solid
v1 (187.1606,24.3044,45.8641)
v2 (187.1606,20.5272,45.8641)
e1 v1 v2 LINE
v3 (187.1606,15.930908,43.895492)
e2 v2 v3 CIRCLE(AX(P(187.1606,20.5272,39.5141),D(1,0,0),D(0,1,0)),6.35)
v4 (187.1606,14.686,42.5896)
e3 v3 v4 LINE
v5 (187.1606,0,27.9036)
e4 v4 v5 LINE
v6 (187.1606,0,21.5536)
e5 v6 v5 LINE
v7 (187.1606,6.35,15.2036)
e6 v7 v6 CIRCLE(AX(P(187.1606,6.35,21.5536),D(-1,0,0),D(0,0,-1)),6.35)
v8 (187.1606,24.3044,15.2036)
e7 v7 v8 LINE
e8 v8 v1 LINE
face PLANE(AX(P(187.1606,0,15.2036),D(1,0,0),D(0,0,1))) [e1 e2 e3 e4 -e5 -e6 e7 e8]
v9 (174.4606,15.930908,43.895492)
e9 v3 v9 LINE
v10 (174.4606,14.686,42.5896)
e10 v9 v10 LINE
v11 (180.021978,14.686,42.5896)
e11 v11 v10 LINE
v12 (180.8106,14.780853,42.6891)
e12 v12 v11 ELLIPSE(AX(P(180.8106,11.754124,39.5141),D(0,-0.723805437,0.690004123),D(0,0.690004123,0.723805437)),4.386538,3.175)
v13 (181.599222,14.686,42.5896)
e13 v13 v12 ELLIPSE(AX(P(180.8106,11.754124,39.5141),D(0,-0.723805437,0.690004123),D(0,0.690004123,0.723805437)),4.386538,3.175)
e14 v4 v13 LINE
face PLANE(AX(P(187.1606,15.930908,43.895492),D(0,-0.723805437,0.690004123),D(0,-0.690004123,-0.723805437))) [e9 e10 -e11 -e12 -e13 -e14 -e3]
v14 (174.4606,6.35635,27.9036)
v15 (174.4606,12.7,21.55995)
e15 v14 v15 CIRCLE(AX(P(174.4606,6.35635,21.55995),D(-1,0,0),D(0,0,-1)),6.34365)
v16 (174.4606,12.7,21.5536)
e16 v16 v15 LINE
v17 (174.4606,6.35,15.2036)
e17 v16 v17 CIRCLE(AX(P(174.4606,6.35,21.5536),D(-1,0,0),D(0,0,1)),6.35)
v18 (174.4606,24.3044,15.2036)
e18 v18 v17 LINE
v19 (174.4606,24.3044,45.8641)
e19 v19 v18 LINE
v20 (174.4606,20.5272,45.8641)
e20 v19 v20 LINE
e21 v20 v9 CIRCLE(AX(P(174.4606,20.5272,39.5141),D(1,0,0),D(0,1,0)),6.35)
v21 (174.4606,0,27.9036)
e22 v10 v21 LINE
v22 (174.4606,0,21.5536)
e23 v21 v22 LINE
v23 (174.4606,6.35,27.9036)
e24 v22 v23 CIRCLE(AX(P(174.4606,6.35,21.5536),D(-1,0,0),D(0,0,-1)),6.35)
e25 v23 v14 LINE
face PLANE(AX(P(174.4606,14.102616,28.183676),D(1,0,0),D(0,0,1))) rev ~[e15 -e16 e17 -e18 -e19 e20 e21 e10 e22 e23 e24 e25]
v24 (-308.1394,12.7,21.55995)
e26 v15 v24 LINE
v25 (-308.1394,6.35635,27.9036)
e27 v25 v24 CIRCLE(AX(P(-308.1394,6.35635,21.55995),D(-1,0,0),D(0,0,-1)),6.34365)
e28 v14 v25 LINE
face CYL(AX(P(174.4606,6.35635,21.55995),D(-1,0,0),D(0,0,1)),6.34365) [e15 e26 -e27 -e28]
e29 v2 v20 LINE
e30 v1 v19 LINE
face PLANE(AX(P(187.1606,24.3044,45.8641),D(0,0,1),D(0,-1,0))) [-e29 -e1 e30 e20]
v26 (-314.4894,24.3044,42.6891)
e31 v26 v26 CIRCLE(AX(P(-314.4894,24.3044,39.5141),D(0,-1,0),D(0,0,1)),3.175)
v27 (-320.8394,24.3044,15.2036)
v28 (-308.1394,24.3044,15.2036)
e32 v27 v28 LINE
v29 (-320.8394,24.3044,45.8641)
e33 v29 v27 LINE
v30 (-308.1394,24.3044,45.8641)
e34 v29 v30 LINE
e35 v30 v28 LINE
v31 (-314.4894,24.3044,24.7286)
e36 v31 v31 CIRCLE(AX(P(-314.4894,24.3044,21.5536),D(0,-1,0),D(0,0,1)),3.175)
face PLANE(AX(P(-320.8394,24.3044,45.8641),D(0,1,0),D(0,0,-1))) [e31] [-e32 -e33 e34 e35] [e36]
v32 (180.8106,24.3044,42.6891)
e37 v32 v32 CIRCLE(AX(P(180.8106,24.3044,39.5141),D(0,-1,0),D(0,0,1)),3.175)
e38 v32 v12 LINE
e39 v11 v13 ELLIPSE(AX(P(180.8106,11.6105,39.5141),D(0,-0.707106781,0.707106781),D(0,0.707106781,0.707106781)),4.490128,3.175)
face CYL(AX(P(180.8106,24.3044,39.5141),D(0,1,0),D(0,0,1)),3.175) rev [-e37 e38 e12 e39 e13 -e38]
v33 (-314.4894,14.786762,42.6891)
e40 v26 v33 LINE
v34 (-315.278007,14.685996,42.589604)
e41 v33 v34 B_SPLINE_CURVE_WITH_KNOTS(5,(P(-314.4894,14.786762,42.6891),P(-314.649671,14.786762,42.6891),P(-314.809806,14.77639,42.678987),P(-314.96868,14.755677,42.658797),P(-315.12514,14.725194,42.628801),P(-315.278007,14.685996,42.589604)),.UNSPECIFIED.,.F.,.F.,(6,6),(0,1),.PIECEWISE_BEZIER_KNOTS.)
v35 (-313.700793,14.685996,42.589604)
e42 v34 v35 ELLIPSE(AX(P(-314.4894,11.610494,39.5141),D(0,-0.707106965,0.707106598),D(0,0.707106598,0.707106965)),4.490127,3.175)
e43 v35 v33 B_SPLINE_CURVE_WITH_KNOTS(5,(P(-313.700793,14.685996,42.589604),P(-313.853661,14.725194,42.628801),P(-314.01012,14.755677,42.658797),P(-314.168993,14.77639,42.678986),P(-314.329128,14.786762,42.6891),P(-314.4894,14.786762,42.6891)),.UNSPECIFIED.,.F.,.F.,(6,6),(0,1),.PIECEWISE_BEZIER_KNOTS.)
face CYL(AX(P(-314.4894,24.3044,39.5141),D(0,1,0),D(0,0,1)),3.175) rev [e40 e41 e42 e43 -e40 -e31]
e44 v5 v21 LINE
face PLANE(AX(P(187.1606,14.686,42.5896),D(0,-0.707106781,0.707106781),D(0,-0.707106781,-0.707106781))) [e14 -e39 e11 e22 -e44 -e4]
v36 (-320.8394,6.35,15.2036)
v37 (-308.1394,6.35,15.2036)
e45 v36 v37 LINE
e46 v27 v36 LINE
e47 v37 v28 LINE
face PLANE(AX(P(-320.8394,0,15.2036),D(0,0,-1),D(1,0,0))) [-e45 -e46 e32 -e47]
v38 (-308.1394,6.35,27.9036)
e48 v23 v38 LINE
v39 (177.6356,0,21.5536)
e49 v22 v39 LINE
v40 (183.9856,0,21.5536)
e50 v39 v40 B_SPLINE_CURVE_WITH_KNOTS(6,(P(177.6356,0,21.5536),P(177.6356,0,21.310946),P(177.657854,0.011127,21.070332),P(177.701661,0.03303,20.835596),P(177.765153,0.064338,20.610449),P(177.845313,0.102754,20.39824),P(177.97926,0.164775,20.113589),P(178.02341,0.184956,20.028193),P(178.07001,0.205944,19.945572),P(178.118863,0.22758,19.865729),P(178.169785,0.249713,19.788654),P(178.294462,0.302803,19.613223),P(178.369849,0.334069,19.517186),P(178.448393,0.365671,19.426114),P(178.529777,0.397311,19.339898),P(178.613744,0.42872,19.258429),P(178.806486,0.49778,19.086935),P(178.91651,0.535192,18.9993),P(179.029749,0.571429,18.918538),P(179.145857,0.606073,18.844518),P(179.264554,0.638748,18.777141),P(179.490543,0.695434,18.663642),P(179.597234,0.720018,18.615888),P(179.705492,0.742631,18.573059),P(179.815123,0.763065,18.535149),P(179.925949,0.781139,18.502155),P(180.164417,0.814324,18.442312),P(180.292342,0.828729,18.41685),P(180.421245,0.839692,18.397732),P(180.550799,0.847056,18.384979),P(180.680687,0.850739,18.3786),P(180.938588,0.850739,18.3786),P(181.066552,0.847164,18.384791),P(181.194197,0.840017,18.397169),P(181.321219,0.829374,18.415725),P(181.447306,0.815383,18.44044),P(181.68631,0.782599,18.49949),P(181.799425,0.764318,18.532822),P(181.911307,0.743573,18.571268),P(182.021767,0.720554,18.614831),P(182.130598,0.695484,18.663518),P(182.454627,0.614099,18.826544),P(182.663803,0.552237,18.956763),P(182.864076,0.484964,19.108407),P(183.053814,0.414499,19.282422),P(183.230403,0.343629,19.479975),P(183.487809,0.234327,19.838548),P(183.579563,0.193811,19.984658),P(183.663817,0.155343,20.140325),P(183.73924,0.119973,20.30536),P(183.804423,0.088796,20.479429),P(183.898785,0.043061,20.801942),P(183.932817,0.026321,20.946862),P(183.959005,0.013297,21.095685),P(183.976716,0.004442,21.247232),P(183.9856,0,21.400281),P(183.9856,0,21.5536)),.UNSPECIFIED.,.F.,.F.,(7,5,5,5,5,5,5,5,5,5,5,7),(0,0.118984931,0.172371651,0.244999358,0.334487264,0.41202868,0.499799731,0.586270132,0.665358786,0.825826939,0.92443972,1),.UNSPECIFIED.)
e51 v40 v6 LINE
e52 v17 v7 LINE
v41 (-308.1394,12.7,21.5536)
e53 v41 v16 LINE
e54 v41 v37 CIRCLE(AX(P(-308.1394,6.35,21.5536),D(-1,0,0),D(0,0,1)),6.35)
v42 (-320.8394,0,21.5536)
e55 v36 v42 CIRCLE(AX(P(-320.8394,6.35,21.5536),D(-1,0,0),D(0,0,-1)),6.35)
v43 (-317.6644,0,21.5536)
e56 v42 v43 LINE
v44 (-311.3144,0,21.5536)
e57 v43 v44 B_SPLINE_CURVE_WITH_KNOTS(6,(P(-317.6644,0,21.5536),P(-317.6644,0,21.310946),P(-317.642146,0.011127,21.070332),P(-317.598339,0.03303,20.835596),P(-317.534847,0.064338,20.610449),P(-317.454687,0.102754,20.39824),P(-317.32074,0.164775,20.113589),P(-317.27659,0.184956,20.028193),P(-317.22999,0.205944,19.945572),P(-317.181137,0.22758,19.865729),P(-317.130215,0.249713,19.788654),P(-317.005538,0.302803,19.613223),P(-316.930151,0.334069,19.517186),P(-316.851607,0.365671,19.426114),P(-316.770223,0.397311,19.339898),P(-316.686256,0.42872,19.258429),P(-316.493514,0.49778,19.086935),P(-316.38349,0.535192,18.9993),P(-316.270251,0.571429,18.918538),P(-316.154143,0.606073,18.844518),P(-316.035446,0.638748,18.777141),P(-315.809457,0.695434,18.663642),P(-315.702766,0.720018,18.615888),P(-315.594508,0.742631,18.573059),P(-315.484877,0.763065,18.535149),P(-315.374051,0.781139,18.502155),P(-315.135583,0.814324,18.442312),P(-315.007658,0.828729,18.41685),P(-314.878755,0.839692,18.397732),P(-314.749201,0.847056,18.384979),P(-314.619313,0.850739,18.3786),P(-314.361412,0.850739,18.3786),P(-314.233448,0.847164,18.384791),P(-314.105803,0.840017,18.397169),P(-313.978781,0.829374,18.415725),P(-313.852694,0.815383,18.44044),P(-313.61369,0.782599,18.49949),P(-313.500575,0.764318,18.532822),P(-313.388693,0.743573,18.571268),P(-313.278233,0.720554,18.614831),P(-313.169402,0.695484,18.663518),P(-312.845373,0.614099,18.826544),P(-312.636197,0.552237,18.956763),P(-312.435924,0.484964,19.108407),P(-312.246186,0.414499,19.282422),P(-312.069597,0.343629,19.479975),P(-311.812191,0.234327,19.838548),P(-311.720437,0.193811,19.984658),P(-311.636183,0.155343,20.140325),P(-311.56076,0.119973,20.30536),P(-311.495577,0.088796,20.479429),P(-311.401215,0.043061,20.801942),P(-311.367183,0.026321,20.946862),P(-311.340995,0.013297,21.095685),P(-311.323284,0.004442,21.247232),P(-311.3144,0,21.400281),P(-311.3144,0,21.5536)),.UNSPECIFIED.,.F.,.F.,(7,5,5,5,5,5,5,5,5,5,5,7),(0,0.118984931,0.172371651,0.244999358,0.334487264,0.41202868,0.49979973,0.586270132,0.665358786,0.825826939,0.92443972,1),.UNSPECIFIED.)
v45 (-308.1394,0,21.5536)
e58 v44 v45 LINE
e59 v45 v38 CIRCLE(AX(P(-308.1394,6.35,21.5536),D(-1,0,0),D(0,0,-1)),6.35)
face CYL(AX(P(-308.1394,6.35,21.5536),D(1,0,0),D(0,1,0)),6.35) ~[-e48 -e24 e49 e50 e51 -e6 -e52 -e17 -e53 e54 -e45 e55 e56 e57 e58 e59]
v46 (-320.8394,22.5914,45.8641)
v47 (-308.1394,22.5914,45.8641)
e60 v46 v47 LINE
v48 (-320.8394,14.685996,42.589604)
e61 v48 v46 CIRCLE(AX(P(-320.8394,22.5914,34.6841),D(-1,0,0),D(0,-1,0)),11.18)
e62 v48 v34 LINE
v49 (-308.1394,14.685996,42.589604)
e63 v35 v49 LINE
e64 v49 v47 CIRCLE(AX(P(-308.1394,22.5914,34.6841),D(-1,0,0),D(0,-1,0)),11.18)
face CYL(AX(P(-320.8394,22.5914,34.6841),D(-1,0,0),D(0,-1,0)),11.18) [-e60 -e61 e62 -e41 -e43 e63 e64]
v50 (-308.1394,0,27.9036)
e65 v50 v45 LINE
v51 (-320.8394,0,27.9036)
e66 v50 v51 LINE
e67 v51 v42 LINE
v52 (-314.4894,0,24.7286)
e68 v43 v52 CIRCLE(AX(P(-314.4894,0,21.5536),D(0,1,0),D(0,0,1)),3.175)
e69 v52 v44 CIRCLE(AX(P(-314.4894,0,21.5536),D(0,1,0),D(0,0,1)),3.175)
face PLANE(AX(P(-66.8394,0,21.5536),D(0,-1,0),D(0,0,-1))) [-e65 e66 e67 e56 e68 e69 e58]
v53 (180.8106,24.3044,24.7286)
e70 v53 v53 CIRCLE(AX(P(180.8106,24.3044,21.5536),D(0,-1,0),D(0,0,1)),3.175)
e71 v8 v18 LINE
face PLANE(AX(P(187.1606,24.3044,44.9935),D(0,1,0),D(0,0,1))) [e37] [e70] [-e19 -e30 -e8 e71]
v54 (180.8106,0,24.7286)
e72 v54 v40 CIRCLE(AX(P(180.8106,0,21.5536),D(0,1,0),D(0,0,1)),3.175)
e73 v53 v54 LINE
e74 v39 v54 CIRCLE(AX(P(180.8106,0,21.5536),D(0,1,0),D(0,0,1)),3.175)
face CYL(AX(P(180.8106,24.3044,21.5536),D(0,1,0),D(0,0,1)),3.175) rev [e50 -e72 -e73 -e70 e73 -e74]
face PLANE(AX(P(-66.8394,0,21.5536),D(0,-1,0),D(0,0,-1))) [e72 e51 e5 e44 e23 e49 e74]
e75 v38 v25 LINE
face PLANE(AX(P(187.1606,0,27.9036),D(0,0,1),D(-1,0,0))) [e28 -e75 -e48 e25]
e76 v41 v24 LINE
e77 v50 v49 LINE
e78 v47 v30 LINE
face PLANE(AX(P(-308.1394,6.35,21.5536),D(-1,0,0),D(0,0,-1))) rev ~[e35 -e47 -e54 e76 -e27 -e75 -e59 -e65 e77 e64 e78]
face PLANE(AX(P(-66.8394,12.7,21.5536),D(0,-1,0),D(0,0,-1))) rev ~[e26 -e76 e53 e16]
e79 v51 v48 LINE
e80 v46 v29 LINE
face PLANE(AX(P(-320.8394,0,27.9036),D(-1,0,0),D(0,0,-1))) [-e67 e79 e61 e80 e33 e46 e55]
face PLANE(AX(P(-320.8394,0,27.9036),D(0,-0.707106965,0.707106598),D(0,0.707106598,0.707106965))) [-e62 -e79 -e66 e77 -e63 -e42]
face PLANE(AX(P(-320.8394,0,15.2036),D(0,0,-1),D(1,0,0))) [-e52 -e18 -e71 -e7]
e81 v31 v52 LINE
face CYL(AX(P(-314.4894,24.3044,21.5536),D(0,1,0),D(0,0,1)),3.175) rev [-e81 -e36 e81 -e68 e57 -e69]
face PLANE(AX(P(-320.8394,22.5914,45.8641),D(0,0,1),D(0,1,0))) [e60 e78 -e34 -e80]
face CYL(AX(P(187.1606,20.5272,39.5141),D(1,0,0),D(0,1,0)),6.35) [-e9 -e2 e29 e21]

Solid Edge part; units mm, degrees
sketch "Sketch1" plane through (0, 0, 0) normal (0, -1, 0) x (1, 0, 0)
  line L0 (187.1606, 27.9036) -> (-320.8394, 27.9036)
  line L1 (-320.8394, 27.9036) -> (-320.8394, 15.2036)
  line L2 (-320.8394, 15.2036) -> (187.1606, 15.2036)
  line L3 (187.1606, 15.2036) -> (187.1606, 27.9036)
extrude "Protrusion1" add sketch "Sketch1" against normal blind 12.7
sketch "Sketch2" plane through (-320.8394, 6.35, 21.5536) normal (-1, 0, 0) x (0, -1, 0)
  line L0 (6.35, 6.35) -> (-8.336, 21.036)
  arc A0 (-8.336, 21.036) -> (-16.2414, 24.3105) centre (-16.2414, 13.1305) ccw
  line L1 (-16.2414, 24.3105) -> (-17.9544, 24.3105)
  line L2 (-17.9544, 24.3105) -> (-17.9544, -6.35)
  line L3 (-17.9544, -6.35) -> (-6.35, -6.35)
extrude "ExtrudedProtrusion_2" add sketch "Sketch2" against normal blind 12.7 material side at (-320.8394, 7.3784, 35.2112)
sketch "Sketch3" plane through (187.1606, 6.35, 21.5536) normal (1, 0, 0) x (0, 1, 0)
  line L0 (8.336, 21.036) -> (-6.35, 6.35)
  line L1 (-6.35, 6.35) -> (-6.35, -6.35)
  line L2 (-6.35, -6.35) -> (17.9544, -6.35)
  line L3 (17.9544, -6.35) -> (17.9544, 23.4399)
  line L4 (17.9544, 23.4399) -> (17.9544, 24.3105)
  line L5 (17.9544, 24.3105) -> (14.1772, 24.3105)
  arc A0 (14.1772, 24.3105) -> (9.5809, 22.3419) centre (14.1772, 17.9605) ccw
  line L6 (9.5809, 22.3419) -> (8.336, 21.036)
extrude "ExtrudedProtrusion_3" add sketch "Sketch3" against normal blind 12.7
hole "Hole_1" at (180.8106, 24.3044, 39.5141) direction (0, -1, 0) diameter 6.35 end up to next
hole "Hole1" at (180.8106, 24.3044, 21.5536) direction (0, -1, 0) diameter 6.35 end up to next
hole "Hole_3" at (-314.4894, 24.3044, 39.5141) direction (0, -1, 0) diameter 6.35 end up to next
hole "Hole2" at (-314.4894, 24.3044, 21.5536) direction (0, -1, 0) diameter 6.35 end up to next
fillet "Round_1" radius 6.35 4 edges at (-66.8394, 0, 27.9036) (-66.8394, 12.7, 27.9036) (-66.8394, 0, 15.2036) (-66.8394, 12.7, 15.2036)
